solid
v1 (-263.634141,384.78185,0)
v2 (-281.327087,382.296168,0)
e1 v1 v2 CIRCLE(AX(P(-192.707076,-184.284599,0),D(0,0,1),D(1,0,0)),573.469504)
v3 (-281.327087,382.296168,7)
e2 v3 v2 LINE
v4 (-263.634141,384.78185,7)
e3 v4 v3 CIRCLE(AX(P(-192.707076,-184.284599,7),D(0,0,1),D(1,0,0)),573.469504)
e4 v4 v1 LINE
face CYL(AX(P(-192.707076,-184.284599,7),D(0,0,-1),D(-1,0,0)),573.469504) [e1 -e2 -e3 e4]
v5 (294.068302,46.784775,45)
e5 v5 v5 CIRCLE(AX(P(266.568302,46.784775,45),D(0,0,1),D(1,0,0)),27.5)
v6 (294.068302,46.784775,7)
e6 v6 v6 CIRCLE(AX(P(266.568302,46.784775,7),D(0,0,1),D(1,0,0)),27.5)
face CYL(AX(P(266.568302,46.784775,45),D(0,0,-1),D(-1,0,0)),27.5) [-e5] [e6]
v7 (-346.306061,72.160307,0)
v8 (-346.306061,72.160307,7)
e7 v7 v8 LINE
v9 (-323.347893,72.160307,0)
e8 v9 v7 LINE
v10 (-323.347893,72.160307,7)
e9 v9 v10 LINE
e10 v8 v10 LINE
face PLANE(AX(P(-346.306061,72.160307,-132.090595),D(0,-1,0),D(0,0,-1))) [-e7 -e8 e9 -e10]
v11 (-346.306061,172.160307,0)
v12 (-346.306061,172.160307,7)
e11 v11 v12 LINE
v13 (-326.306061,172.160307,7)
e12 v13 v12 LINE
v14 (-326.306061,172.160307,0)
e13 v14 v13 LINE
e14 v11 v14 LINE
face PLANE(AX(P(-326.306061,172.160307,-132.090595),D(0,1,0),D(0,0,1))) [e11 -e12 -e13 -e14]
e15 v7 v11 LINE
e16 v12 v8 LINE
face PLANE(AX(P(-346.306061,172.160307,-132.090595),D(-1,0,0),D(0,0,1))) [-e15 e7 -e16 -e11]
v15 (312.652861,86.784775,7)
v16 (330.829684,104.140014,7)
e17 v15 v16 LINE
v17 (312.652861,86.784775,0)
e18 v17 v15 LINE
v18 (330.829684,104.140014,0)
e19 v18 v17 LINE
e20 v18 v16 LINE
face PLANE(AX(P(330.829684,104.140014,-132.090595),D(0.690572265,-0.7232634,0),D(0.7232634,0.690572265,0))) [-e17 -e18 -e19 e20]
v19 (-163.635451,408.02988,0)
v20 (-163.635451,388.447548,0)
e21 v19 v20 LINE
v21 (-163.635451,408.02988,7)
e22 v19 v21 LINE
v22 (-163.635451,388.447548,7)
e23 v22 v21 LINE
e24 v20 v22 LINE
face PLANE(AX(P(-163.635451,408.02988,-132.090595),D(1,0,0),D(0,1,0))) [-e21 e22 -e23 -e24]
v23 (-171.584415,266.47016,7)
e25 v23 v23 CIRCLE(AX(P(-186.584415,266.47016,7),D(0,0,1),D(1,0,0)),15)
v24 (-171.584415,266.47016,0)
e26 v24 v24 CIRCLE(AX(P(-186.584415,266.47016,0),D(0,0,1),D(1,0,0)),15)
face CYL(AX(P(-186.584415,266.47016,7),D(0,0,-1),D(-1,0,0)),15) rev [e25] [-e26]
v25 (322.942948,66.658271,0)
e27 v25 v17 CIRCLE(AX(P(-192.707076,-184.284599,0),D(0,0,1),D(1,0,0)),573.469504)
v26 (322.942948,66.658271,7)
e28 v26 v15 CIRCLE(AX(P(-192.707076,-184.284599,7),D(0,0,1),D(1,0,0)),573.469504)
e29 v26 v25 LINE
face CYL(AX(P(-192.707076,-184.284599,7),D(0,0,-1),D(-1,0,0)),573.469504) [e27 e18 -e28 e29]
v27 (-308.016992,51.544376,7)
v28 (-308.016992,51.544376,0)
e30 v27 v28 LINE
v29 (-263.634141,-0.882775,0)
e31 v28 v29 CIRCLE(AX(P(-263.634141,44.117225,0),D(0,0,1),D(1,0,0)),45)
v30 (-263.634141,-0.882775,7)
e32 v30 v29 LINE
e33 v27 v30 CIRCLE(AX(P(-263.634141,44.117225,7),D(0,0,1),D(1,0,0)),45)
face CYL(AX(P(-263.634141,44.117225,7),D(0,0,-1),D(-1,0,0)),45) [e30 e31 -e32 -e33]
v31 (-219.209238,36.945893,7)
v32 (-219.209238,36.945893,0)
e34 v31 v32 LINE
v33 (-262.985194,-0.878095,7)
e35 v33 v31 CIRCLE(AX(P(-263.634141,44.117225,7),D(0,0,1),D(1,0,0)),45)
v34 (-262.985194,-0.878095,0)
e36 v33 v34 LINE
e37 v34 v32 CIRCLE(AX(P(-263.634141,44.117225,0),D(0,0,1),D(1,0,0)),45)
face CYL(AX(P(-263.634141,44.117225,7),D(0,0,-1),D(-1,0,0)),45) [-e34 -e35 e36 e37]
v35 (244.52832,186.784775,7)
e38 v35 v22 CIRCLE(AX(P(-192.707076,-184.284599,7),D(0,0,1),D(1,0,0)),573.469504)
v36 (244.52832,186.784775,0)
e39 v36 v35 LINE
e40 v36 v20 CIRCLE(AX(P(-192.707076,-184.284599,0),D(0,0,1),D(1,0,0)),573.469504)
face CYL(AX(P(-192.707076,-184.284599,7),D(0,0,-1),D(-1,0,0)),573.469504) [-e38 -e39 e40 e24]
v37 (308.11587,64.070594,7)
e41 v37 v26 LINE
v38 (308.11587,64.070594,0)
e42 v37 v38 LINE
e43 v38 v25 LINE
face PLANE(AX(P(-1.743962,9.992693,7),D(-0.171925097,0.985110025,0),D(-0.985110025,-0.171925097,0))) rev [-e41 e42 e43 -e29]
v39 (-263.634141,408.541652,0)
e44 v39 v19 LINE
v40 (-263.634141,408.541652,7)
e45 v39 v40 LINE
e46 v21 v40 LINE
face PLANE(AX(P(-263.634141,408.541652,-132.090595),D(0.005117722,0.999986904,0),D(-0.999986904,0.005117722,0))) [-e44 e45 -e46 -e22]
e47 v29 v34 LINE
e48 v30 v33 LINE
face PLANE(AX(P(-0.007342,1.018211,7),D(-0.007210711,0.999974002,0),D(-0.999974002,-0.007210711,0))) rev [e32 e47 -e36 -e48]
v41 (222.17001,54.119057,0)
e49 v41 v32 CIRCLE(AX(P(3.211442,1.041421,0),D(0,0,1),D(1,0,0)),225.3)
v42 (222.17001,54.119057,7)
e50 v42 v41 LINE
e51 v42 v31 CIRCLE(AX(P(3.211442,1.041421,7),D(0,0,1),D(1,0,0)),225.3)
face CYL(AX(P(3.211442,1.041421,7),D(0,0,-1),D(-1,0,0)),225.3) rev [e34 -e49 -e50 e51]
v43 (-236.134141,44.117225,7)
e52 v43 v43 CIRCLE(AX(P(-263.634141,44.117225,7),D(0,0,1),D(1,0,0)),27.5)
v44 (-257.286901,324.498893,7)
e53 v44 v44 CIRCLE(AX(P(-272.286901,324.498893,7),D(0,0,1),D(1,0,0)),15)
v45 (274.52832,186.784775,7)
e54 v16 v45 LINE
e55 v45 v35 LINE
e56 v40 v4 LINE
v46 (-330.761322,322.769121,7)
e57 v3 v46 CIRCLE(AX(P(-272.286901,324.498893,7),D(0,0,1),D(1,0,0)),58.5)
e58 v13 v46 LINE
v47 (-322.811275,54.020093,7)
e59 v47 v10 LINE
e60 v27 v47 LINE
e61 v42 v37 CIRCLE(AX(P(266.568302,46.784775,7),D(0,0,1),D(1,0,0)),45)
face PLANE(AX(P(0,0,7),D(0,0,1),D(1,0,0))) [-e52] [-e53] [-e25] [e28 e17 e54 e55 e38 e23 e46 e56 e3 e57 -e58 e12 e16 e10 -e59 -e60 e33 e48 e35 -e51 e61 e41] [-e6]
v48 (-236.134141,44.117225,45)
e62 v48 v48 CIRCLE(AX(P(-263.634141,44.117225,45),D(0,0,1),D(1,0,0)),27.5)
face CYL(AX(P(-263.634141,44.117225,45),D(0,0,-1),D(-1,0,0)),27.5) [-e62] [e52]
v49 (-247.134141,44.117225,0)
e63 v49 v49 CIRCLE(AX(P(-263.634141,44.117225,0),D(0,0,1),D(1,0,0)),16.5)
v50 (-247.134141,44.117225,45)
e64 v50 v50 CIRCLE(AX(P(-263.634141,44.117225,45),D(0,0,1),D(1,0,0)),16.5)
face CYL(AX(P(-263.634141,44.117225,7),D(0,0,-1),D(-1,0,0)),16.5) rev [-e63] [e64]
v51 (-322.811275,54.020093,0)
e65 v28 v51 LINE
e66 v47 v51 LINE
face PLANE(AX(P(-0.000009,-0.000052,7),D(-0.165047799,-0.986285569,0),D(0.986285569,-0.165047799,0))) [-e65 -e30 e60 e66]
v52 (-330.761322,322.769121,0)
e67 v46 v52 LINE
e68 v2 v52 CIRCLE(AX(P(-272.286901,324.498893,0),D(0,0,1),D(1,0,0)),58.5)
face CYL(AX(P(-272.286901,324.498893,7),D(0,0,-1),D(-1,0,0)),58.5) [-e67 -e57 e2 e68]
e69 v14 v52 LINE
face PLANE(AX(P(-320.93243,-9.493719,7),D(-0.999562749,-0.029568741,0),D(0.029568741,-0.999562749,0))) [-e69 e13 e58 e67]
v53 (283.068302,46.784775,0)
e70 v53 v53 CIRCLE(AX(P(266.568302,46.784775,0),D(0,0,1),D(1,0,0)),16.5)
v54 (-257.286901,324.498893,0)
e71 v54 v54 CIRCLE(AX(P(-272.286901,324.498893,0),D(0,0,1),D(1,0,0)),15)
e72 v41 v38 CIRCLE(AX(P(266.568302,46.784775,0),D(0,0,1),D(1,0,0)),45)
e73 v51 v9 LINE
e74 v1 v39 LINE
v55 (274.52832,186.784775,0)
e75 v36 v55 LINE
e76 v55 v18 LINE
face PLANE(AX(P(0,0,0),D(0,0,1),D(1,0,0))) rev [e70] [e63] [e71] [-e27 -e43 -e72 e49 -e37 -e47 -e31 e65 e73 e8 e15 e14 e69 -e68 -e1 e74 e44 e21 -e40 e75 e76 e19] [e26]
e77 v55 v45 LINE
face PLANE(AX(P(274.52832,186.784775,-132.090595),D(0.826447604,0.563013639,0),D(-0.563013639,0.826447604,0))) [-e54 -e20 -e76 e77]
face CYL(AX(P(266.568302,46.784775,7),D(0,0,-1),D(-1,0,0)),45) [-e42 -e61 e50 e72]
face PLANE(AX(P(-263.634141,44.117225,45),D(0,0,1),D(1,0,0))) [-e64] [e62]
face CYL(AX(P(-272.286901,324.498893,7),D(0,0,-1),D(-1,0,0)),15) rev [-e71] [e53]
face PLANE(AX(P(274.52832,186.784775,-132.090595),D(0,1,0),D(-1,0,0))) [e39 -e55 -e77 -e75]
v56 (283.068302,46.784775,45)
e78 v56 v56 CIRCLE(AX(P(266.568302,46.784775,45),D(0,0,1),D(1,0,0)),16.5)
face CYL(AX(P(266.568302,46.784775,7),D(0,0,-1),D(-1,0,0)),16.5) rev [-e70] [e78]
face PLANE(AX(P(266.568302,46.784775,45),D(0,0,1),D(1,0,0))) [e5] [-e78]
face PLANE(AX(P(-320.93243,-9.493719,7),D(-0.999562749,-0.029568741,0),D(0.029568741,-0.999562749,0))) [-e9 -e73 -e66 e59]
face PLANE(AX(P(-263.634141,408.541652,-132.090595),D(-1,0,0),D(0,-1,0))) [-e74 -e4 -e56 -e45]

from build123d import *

# Parameters (mm, degrees)
SKETCH1_R           = 16.5
SKETCH1_R_2         = 15
BOSS_EXTRUDE3_DEPTH = 7
SKETCH2_R           = 27.5
SKETCH2_R_2         = 16.5
BOSS_EXTRUDE4_DEPTH = 38
BOSS_EXTRUDE5_DEPTH = 7


with BuildPart() as part:
    # Sketch1 → Boss-Extrude3 (new body)
    with BuildSketch(Plane.XY):
        with BuildLine():
            Line((-322.811275448, 54.020092964), (-308.016991909, 51.544375984))
            ThreePointArc((-308.016991909, 51.544375984), (-297.979605272, 15.041649319), (-263.634141291, -0.882774953))
            Line((-263.634141291, -0.882774953), (-262.985194212, -0.878095462))
            ThreePointArc((-262.985194212, -0.878095462), (-234.213459723, 10.066916736), (-219.209238471, 36.945892575))
            ThreePointArc((-219.209238471, 36.945892575), (-5.54789332, 226.171081865), (222.17000985, 54.119057031))
            ThreePointArc((222.17000985, 54.119057031), (271.744200091, 2.083431527), (308.115870104, 64.070593748))
            Line((308.115870104, 64.070593748), (322.942948353, 66.658271071))
            ThreePointArc((322.942948353, 66.658271071), (72.802770658, 324.018256719), (-281.327086526, 382.296168148))
            ThreePointArc((-281.327086526, 382.296168148), (-317.291599122, 361.87304371), (-330.761322011, 322.769121357))
            Line((-330.761322011, 322.769121357), (-322.811275448, 54.020092964))
        make_face()
        with Locations((-263.634141291, 44.117225047)):
            Circle(SKETCH1_R, mode=Mode.SUBTRACT)
        with Locations((266.5683015, 46.784774614)):
            Circle(SKETCH1_R, mode=Mode.SUBTRACT)
        with Locations((-186.584414745, 266.470160007)):
            Circle(SKETCH1_R_2, mode=Mode.SUBTRACT)
        with Locations((-272.286901184, 324.498892702)):
            Circle(SKETCH1_R_2, mode=Mode.SUBTRACT)
    extrude(amount=BOSS_EXTRUDE3_DEPTH)

    # Sketch2 → Boss-Extrude4 (add)
    with BuildSketch(Plane.XY.offset(7)):
        with Locations((-263.634141291, 44.117225047)):
            Circle(SKETCH2_R)
        with Locations((-263.634141291, 44.117225047)):
            Circle(SKETCH2_R_2, mode=Mode.SUBTRACT)
        with Locations((266.5683015, 46.784774614)):
            Circle(SKETCH2_R)
        with Locations((266.5683015, 46.784774614)):
            Circle(SKETCH2_R_2, mode=Mode.SUBTRACT)
    extrude(amount=BOSS_EXTRUDE4_DEPTH)

    # Sketch3 → Boss-Extrude5 (add)
    with BuildSketch(Plane.XY.offset(7)):
        Polygon((-263.634141291, 408.541652183), (-263.634141291, 384.267252813), (-163.635450853, 388.029879984), (-163.635450853, 408.029879984), align=None)
        Polygon((-326.306060919, 172.160306647), (-346.306060919, 172.160306647), (-346.306060919, 72.160306647), (-323.347893363, 72.160306647), align=None)
        Polygon((244.528320181, 186.784774614), (312.652861422, 86.784774614), (330.829684073, 104.1400142), (274.528320181, 186.784774614), align=None)
    extrude(amount=-BOSS_EXTRUDE5_DEPTH)


solid = part.part
